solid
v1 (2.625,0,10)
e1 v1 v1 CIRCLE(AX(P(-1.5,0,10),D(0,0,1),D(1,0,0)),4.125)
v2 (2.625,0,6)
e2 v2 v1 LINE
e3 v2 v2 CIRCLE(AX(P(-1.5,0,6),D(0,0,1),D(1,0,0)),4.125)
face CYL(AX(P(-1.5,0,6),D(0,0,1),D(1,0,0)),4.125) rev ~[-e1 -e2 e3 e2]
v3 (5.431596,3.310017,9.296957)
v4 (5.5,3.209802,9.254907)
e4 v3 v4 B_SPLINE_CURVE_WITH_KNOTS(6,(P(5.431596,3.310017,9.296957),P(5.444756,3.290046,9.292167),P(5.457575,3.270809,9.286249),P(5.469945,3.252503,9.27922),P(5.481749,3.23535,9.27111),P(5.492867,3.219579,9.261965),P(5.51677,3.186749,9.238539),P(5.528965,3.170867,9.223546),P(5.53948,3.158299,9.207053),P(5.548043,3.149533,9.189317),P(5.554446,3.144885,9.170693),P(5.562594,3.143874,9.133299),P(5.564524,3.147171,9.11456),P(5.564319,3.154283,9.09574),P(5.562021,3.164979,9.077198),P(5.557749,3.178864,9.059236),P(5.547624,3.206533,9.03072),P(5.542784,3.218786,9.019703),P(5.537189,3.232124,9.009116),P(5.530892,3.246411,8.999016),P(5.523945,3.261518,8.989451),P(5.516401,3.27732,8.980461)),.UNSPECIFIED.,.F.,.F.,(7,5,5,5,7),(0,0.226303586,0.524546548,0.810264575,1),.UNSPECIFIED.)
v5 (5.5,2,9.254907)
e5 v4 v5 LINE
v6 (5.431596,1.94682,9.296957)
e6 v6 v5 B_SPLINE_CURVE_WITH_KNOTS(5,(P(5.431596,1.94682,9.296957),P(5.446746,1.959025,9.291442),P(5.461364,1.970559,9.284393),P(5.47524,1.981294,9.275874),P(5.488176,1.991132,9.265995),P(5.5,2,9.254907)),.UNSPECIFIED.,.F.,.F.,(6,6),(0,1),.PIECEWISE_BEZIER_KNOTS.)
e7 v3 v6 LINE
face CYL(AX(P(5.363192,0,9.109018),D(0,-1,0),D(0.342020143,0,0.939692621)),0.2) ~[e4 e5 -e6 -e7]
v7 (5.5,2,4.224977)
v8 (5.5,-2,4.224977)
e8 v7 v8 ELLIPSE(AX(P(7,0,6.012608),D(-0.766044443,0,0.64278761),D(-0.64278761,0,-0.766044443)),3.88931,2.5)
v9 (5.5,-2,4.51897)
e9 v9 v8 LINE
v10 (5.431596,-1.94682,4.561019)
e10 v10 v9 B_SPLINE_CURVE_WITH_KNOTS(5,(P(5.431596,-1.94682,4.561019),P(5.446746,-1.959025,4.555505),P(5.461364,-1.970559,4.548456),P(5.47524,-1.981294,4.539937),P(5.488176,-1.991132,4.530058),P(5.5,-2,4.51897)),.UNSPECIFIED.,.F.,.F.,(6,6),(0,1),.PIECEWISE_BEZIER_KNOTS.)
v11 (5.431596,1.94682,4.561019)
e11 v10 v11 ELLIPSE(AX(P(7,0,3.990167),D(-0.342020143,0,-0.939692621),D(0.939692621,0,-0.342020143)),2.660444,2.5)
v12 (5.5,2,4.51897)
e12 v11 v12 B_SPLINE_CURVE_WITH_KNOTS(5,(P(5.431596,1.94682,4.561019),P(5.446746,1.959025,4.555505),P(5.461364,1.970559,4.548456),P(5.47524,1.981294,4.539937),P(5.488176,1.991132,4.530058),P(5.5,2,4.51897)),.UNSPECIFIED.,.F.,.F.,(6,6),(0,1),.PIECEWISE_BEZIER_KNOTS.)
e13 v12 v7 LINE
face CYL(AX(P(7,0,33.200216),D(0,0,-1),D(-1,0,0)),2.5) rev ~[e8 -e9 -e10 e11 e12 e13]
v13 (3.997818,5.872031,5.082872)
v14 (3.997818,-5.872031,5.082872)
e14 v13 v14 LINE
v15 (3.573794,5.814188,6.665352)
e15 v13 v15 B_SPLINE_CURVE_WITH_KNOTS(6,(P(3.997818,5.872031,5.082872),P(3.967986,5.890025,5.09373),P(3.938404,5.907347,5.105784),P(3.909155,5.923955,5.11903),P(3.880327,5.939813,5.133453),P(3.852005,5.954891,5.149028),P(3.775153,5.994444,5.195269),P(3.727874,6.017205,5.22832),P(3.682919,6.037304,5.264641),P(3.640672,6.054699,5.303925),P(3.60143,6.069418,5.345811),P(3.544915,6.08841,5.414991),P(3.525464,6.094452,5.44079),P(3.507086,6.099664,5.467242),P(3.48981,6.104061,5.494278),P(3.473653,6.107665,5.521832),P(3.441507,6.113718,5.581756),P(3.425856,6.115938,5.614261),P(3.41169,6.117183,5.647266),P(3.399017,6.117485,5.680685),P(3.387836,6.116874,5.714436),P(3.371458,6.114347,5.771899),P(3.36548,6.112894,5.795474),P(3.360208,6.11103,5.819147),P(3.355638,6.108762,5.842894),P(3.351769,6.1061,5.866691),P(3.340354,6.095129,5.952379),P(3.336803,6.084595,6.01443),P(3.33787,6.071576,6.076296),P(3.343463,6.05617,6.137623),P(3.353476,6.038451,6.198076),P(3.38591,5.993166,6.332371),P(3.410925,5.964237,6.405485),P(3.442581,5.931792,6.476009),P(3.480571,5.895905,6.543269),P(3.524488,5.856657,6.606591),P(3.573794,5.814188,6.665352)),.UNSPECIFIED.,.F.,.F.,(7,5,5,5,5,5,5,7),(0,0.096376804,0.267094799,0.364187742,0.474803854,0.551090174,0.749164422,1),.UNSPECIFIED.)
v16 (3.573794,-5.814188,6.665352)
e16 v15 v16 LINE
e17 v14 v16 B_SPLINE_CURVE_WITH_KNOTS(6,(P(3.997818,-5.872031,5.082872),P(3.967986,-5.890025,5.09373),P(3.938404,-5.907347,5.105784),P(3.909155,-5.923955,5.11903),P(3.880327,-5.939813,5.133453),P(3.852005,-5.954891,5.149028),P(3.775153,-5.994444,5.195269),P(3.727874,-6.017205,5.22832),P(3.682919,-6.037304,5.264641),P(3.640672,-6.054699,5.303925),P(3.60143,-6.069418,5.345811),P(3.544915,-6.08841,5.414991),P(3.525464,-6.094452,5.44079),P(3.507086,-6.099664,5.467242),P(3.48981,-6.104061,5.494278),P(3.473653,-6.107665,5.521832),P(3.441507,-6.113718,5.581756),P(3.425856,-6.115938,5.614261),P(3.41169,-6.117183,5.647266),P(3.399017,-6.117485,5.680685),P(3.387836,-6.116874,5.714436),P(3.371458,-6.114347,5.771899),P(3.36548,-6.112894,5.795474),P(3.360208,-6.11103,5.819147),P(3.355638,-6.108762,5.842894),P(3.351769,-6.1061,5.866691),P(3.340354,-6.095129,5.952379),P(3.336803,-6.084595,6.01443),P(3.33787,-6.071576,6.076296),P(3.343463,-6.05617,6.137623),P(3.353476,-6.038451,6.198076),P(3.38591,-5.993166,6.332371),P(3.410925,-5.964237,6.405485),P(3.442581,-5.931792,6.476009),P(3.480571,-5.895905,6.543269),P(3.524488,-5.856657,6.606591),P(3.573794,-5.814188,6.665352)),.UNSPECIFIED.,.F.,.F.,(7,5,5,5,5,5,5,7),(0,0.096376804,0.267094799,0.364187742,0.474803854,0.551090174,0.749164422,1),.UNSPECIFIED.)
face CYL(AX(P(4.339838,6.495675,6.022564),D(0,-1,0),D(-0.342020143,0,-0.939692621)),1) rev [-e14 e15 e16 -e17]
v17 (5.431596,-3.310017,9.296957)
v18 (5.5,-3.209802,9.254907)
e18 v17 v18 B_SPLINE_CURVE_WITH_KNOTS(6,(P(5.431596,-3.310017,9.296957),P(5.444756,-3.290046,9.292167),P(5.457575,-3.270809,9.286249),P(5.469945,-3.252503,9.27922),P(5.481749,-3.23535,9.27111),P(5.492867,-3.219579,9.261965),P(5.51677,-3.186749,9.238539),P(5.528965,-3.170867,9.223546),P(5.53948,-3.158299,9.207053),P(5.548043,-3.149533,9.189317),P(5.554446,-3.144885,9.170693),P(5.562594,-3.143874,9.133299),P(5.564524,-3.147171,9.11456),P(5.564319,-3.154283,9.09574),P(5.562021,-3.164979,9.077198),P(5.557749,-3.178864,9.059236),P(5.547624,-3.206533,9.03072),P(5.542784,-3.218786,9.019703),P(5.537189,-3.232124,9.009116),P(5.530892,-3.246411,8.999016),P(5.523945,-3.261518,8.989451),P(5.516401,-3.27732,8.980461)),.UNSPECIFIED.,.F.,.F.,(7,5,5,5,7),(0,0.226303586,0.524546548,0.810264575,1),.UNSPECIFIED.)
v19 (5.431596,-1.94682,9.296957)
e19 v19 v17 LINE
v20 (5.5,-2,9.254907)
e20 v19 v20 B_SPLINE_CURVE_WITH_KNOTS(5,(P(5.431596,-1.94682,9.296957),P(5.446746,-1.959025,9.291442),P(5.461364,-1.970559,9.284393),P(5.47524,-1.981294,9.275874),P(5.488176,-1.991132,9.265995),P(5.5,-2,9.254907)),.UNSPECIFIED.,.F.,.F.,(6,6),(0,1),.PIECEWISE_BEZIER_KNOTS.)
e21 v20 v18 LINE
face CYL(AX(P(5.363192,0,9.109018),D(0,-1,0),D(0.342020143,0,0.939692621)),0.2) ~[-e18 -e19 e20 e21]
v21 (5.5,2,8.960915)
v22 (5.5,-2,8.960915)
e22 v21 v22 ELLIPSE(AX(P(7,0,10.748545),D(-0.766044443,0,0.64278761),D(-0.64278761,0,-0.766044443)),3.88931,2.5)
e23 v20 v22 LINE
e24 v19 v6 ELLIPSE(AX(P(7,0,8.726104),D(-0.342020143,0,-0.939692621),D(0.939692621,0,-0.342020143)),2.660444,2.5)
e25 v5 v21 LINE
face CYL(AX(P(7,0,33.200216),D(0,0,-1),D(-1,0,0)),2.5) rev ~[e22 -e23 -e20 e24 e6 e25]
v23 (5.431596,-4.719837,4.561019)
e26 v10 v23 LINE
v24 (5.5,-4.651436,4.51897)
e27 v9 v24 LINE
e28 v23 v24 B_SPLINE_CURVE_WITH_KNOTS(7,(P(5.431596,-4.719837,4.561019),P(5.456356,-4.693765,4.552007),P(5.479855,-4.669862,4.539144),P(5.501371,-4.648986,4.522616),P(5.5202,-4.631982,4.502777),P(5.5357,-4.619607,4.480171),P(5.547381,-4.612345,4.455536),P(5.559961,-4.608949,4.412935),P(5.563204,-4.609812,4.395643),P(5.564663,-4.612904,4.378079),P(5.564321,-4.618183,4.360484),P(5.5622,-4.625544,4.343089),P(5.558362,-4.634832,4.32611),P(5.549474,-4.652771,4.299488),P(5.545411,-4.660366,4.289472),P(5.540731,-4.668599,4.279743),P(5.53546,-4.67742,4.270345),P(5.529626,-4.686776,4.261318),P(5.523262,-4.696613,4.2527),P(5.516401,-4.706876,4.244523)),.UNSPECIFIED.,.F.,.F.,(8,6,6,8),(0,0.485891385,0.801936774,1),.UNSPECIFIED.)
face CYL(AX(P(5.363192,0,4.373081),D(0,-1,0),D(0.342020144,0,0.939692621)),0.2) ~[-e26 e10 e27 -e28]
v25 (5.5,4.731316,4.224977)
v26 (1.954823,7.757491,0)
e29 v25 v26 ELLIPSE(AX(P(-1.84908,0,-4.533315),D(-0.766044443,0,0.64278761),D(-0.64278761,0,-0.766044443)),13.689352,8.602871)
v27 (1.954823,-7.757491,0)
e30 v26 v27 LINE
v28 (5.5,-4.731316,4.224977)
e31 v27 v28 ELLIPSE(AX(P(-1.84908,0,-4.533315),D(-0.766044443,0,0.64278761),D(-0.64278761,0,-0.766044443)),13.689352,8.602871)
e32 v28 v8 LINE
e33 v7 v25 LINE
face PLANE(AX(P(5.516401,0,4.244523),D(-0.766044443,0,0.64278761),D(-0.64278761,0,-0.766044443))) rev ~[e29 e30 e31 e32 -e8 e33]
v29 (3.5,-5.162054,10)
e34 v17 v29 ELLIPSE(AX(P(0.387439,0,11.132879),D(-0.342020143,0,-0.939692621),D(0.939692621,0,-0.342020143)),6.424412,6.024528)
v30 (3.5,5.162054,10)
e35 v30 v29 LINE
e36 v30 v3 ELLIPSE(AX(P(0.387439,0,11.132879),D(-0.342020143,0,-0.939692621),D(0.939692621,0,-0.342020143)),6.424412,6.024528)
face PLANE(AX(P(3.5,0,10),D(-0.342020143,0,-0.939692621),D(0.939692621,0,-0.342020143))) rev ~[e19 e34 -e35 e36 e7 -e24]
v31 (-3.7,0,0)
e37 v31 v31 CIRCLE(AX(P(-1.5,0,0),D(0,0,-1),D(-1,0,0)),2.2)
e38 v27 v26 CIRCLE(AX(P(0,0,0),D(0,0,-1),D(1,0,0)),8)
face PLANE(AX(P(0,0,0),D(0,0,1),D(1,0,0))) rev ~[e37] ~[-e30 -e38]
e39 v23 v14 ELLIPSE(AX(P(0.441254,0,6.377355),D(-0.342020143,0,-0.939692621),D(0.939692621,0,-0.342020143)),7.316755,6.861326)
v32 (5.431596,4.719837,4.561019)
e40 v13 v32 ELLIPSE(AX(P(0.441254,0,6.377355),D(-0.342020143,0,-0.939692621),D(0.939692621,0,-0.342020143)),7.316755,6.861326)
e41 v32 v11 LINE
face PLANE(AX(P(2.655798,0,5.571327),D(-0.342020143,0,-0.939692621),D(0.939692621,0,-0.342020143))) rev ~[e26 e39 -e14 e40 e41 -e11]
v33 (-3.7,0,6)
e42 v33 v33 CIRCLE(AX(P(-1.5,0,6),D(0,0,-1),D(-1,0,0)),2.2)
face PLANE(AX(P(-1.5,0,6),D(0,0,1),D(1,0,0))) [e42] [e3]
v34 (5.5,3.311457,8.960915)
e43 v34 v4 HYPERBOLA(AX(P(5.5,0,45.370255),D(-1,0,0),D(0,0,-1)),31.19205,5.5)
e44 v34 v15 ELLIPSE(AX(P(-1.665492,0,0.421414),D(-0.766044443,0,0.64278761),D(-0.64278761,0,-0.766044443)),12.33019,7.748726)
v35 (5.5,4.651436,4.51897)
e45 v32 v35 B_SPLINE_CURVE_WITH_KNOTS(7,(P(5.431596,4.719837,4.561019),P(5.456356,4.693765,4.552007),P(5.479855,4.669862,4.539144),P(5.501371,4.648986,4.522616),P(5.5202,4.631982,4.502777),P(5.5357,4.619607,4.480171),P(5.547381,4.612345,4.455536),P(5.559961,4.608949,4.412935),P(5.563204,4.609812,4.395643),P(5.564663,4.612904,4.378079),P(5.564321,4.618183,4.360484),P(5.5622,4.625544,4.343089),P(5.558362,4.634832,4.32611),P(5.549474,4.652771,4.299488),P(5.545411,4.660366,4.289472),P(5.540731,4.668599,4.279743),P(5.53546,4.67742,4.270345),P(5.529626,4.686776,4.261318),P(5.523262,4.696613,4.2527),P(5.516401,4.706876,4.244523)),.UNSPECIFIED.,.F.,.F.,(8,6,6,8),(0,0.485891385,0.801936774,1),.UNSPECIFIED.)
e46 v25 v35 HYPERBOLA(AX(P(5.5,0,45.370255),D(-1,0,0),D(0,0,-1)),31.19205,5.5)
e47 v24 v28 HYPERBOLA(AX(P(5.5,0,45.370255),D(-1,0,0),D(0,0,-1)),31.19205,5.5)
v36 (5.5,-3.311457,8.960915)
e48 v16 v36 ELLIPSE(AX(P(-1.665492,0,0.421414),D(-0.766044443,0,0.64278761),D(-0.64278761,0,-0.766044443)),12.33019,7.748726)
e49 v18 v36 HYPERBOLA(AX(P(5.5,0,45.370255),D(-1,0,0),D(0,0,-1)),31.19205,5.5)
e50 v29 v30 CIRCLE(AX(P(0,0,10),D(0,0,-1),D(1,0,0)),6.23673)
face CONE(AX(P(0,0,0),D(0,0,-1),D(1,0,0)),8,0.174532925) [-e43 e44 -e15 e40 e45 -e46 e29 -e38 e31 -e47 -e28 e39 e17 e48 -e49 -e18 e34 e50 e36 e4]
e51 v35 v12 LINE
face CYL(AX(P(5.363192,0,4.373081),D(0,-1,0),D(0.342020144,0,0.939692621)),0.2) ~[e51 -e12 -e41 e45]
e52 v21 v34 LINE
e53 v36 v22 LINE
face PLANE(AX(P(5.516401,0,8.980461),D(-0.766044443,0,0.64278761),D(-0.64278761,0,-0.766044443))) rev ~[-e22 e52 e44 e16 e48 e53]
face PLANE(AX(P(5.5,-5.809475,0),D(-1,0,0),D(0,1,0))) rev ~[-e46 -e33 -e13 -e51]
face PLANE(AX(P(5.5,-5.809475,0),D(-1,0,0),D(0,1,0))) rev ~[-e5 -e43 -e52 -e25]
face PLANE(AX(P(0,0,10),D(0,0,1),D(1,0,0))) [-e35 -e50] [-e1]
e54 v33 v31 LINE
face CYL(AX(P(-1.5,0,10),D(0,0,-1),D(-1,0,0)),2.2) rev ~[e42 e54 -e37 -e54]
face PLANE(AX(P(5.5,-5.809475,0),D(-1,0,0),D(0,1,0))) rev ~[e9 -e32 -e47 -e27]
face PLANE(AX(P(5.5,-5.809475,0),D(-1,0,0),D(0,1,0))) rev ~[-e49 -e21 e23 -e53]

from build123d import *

# Parameters (mm, degrees)
F0_R           = 8
F1_DEPTH       = 10
F1_TAPER       = 10
F3_DEPTH       = 25
F5_D           = 4.4
F5_CBORE_D     = 8.25
F5_CBORE_DEPTH = 4
F7_D           = 5
F9_DEPTH       = 12.5
F10_R          = 1


with BuildPart() as f1:
    # F0 (on Top) → F1 (new body)
    with BuildSketch(Plane.XY):
        Circle(F0_R)
    extrude(amount=F1_DEPTH, taper=F1_TAPER)

    # F2 (on face) → F3 (cut)
    with BuildSketch(Plane(origin=(0, 0, 0), x_dir=(1, 0, 0), z_dir=(0, 0, -1))):
        with BuildLine():
            ThreePointArc((8, 0), (7.3484692283, 3.1622776602), (5.5, 5.8094750193))
            Line((5.5, 5.8094750193), (5.5, -5.8094750193))
            ThreePointArc((5.5, -5.8094750193), (7.3484692283, -3.1622776602), (8, 0))
        make_face()
    extrude(amount=-F3_DEPTH, mode=Mode.SUBTRACT)

    # F5 (through all)
    with Locations(Plane.XY.offset(10)):
        with Locations((-1.5, 0)):
            CounterBoreHole(F5_D / 2, F5_CBORE_D / 2, F5_CBORE_DEPTH)

    # F7 (through all)
    with Locations(Plane.XY.offset(10)):
        with Locations((7, 0)):
            Hole(F7_D / 2)

    # F8 (on Front) → F9 (cut, symmetric)
    with BuildSketch(Plane.XZ):
        with BuildLine():
            Line((10.4339603065, 10), (3.5, 10))
            Line((3.5, 10), (5.4315959713, 9.2969565618))
            ThreePointArc((5.4315959713, 9.2969565618), (5.5563771079, 9.1607818467), (5.5164008313, 8.9804605157))
            Line((5.5164008313, 8.9804605157), (2.6557981563, 5.5713270008))
            Line((2.6557981563, 5.5713270008), (5.4315959713, 4.5610192198))
            ThreePointArc((5.4315959713, 4.5610192198), (5.5563771079, 4.4248445046), (5.5164008313, 4.2445231737))
            Line((5.5164008313, 4.2445231737), (0.7803240521, -1.3997133427))
            Line((0.7803240521, -1.3997133427), (10.4339603065, -1.3997133427))
            Line((10.4339603065, -1.3997133427), (10.4339603065, 10))
        make_face()
    extrude(amount=F9_DEPTH, both=True, mode=Mode.SUBTRACT)

    # F10
    f10_edges = [f1.edges().sort_by_distance(p)[0] for p in [
        (2.655798, 0, 5.571327),
    ]]
    fillet(f10_edges, radius=F10_R)


solid = f1.part
